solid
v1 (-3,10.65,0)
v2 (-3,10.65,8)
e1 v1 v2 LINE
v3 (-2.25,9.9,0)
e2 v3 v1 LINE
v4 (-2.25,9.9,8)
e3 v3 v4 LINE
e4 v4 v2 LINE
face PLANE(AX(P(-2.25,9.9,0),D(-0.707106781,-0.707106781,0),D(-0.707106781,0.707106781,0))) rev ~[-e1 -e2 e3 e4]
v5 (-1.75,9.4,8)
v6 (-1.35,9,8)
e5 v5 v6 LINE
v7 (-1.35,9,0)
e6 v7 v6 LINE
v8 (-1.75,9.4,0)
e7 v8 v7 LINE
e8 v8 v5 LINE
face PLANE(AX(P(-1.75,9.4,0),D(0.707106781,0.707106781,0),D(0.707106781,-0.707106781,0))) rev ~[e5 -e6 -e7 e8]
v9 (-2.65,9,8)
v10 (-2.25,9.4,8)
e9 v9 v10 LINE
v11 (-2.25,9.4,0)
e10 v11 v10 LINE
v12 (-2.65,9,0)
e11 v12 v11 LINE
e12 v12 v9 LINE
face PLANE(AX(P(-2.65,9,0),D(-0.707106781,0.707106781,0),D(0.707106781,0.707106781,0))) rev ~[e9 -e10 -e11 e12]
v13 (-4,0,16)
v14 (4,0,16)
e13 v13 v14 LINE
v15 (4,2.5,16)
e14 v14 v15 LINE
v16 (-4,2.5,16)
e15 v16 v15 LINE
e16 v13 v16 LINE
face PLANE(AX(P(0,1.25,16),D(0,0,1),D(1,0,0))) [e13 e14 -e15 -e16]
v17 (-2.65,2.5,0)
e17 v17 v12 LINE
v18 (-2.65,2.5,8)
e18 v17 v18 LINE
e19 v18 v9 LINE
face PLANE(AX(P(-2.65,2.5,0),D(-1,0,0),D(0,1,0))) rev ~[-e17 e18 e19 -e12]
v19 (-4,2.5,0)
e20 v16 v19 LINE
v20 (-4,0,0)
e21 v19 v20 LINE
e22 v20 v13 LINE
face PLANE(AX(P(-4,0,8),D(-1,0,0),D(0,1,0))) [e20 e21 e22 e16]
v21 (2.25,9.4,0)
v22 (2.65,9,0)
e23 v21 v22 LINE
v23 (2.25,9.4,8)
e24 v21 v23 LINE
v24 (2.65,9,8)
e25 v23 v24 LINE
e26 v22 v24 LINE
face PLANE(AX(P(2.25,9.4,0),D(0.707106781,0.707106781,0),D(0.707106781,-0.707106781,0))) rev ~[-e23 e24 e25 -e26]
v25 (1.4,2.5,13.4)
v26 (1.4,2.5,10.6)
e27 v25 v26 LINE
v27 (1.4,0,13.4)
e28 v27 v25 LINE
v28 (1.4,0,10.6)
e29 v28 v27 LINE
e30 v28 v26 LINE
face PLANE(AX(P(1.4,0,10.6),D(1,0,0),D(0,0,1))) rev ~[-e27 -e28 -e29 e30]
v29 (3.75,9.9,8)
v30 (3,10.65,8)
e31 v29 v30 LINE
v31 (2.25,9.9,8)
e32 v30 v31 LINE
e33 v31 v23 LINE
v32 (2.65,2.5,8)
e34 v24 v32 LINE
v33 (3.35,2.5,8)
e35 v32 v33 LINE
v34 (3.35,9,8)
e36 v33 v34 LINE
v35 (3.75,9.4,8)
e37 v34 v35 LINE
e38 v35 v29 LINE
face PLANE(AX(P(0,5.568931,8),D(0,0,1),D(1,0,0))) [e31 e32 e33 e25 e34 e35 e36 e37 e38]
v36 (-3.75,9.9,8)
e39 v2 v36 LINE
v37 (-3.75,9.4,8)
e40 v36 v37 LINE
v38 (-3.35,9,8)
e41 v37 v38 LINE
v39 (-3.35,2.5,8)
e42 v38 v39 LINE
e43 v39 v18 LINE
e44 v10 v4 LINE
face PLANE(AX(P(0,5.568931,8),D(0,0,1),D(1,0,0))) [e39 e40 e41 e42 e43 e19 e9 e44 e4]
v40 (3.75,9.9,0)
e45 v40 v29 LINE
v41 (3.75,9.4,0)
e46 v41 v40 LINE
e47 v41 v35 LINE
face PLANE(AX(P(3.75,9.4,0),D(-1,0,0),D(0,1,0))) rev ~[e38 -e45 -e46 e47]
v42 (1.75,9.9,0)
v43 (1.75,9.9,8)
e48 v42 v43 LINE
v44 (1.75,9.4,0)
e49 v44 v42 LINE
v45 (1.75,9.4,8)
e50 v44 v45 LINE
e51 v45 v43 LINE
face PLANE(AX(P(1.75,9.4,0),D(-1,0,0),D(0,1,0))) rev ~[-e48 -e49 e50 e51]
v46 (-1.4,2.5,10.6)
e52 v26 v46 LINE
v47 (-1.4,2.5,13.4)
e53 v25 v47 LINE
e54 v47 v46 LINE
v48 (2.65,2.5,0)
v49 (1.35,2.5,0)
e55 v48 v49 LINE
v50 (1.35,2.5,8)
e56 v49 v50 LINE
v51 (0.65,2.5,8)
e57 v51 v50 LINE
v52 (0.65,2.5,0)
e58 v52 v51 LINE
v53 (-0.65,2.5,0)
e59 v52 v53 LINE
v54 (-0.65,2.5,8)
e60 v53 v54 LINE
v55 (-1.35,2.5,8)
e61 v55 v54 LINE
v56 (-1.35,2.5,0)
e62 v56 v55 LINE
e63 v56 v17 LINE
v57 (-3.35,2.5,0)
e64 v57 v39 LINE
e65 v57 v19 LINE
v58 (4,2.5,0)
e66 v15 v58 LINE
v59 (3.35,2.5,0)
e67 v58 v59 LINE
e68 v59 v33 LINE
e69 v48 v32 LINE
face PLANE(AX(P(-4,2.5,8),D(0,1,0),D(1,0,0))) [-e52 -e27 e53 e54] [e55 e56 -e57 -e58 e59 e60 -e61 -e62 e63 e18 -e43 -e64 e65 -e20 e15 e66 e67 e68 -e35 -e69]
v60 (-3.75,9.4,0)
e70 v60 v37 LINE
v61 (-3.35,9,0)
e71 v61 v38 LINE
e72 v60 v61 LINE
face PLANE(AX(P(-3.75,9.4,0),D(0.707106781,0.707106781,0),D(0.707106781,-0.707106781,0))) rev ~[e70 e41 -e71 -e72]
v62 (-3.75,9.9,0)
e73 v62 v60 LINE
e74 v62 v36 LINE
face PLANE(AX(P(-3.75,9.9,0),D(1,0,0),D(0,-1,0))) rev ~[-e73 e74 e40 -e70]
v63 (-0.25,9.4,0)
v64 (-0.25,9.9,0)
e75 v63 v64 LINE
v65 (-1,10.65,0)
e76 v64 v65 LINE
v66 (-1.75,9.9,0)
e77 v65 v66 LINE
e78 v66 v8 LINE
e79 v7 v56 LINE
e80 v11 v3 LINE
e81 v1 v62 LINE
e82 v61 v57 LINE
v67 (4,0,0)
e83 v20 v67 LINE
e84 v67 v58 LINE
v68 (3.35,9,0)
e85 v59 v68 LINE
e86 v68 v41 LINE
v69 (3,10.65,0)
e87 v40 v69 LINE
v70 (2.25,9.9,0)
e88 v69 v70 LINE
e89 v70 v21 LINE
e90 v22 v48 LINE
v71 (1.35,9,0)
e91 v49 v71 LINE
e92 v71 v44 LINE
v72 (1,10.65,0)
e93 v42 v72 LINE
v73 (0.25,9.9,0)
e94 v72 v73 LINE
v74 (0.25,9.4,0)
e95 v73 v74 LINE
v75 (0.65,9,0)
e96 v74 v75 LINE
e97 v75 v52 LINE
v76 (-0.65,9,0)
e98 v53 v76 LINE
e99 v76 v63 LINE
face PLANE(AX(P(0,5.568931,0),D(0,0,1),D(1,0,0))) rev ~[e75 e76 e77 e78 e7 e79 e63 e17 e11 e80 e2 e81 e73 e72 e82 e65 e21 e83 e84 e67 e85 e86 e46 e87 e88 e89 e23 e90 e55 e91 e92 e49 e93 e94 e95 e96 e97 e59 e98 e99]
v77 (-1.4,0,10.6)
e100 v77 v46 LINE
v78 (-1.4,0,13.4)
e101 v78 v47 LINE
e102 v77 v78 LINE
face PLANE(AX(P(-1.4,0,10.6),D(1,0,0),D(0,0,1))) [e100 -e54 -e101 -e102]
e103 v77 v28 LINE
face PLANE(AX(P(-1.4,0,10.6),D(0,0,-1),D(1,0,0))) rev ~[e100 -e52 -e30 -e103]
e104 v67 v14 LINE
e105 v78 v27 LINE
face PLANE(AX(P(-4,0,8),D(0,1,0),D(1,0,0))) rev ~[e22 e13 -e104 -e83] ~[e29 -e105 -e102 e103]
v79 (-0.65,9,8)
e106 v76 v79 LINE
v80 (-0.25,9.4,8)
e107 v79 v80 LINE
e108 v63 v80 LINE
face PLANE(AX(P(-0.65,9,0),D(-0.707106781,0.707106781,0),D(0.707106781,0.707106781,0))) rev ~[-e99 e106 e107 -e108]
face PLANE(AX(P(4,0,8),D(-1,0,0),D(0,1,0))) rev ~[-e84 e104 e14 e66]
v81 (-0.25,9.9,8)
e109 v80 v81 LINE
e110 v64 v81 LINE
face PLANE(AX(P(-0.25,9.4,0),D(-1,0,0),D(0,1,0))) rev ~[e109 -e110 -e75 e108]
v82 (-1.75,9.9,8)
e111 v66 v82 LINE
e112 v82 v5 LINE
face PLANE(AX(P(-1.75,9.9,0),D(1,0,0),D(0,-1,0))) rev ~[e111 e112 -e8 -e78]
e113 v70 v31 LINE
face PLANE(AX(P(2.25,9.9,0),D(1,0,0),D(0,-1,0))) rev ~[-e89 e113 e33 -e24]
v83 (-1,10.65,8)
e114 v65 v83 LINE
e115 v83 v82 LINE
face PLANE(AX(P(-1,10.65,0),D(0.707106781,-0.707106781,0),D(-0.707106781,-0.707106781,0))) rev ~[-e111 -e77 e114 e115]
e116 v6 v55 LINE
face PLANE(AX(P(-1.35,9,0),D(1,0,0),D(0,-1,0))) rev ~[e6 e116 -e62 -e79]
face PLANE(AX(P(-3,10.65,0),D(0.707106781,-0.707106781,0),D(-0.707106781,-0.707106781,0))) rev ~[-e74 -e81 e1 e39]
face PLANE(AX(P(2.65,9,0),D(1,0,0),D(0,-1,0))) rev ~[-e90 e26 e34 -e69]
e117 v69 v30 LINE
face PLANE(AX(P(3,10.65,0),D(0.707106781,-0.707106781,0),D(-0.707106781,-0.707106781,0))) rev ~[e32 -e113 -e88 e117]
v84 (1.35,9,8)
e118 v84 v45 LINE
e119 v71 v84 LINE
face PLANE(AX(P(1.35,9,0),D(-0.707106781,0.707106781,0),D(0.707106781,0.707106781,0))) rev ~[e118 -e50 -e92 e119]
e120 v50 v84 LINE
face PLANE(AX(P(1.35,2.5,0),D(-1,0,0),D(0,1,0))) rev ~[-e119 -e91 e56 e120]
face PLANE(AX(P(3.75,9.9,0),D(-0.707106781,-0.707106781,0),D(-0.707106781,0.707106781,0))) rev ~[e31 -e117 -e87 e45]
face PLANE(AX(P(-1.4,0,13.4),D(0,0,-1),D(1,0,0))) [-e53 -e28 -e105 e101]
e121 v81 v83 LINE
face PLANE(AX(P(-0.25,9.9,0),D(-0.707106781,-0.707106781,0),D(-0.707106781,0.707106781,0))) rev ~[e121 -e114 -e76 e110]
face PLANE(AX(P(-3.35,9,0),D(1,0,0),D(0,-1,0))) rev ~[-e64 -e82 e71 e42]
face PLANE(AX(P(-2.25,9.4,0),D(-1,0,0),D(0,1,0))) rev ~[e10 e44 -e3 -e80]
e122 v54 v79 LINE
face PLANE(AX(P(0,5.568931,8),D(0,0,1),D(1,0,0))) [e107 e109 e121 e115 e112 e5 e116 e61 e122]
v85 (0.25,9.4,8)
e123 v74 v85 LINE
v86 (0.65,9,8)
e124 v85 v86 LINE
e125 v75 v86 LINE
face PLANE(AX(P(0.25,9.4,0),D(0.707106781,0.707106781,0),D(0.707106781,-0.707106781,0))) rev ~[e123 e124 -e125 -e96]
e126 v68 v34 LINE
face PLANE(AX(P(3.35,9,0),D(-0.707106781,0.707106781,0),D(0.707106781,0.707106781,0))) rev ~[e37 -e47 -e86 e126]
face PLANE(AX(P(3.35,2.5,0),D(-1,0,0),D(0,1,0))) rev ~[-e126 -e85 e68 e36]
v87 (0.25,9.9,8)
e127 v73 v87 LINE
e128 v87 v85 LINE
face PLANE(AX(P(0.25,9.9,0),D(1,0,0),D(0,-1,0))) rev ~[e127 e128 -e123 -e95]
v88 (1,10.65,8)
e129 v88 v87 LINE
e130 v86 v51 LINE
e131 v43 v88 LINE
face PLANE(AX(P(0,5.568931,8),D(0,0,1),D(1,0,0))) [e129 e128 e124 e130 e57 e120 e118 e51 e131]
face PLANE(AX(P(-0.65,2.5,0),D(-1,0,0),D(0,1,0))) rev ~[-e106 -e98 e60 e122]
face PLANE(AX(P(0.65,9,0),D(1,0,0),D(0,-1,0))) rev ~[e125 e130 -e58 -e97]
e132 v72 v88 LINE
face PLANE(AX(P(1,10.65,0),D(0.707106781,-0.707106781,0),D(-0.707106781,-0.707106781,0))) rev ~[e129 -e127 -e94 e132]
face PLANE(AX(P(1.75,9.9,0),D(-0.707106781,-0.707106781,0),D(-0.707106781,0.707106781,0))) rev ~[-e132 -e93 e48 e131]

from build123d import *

# Parameters (mm, degrees)
RESSALTO_EXTRUS_O1_DEPTH = 8
ESBO_O4_W                = 8
ESBO_O4_H                = 2.5
RESSALTO_EXTRUS_O3_DEPTH = 8
ESBO_O5_W                = 2.8
ESBO_O5_H                = 2.8
CORTE_EXTRUS_O1_DEPTH    = 20.632180215


with BuildPart() as part:
    # Esboço1 → Ressalto-extrusão1 (new body)
    with BuildSketch(Plane.XY):
        Polygon((0.65, 2.5), (-0.65, 2.5), (-0.65, 9), (-0.25, 9.4), (-0.25, 9.9), (-0.75, 10.4), (-1, 10.65), (-1.25, 10.4), (-1.75, 9.9), (-1.75, 9.4), (-1.35, 9), (-1.35, 2.5), (-2.65, 2.5), (-2.65, 9), (-2.25, 9.4), (-2.25, 9.9), (-2.75, 10.4), (-3, 10.65), (-3.25, 10.4), (-3.75, 9.9), (-3.75, 9.4), (-3.35, 9), (-3.35, 2.5), (-4, 2.5), (-4, 0), (4, 0), (4, 2.5), (3.35, 2.5), (3.35, 9), (3.75, 9.4), (3.75, 9.9), (3.25, 10.4), (3, 10.65), (2.75, 10.4), (2.25, 9.9), (2.25, 9.4), (2.65, 9), (2.65, 2.5), (1.35, 2.5), (1.35, 9), (1.75, 9.4), (1.75, 9.9), (1.25, 10.4), (1, 10.65), (0.75, 10.4), (0.25, 9.9), (0.25, 9.4), (0.65, 9), align=None)
    extrude(amount=RESSALTO_EXTRUS_O1_DEPTH)

    # Esboço4 → Ressalto-extrusão3 (add)
    with BuildSketch(Plane.XY.offset(8)):
        with Locations((0, 1.25)):
            Rectangle(ESBO_O4_W, ESBO_O4_H)
    extrude(amount=RESSALTO_EXTRUS_O3_DEPTH)

    # Esboço5 → Corte-extrusão1 (cut, through all)
    with BuildSketch(Plane.XZ):
        with Locations((0, 12)):
            Rectangle(ESBO_O5_W, ESBO_O5_H)
    extrude(amount=-CORTE_EXTRUS_O1_DEPTH, mode=Mode.SUBTRACT)


solid = part.part
